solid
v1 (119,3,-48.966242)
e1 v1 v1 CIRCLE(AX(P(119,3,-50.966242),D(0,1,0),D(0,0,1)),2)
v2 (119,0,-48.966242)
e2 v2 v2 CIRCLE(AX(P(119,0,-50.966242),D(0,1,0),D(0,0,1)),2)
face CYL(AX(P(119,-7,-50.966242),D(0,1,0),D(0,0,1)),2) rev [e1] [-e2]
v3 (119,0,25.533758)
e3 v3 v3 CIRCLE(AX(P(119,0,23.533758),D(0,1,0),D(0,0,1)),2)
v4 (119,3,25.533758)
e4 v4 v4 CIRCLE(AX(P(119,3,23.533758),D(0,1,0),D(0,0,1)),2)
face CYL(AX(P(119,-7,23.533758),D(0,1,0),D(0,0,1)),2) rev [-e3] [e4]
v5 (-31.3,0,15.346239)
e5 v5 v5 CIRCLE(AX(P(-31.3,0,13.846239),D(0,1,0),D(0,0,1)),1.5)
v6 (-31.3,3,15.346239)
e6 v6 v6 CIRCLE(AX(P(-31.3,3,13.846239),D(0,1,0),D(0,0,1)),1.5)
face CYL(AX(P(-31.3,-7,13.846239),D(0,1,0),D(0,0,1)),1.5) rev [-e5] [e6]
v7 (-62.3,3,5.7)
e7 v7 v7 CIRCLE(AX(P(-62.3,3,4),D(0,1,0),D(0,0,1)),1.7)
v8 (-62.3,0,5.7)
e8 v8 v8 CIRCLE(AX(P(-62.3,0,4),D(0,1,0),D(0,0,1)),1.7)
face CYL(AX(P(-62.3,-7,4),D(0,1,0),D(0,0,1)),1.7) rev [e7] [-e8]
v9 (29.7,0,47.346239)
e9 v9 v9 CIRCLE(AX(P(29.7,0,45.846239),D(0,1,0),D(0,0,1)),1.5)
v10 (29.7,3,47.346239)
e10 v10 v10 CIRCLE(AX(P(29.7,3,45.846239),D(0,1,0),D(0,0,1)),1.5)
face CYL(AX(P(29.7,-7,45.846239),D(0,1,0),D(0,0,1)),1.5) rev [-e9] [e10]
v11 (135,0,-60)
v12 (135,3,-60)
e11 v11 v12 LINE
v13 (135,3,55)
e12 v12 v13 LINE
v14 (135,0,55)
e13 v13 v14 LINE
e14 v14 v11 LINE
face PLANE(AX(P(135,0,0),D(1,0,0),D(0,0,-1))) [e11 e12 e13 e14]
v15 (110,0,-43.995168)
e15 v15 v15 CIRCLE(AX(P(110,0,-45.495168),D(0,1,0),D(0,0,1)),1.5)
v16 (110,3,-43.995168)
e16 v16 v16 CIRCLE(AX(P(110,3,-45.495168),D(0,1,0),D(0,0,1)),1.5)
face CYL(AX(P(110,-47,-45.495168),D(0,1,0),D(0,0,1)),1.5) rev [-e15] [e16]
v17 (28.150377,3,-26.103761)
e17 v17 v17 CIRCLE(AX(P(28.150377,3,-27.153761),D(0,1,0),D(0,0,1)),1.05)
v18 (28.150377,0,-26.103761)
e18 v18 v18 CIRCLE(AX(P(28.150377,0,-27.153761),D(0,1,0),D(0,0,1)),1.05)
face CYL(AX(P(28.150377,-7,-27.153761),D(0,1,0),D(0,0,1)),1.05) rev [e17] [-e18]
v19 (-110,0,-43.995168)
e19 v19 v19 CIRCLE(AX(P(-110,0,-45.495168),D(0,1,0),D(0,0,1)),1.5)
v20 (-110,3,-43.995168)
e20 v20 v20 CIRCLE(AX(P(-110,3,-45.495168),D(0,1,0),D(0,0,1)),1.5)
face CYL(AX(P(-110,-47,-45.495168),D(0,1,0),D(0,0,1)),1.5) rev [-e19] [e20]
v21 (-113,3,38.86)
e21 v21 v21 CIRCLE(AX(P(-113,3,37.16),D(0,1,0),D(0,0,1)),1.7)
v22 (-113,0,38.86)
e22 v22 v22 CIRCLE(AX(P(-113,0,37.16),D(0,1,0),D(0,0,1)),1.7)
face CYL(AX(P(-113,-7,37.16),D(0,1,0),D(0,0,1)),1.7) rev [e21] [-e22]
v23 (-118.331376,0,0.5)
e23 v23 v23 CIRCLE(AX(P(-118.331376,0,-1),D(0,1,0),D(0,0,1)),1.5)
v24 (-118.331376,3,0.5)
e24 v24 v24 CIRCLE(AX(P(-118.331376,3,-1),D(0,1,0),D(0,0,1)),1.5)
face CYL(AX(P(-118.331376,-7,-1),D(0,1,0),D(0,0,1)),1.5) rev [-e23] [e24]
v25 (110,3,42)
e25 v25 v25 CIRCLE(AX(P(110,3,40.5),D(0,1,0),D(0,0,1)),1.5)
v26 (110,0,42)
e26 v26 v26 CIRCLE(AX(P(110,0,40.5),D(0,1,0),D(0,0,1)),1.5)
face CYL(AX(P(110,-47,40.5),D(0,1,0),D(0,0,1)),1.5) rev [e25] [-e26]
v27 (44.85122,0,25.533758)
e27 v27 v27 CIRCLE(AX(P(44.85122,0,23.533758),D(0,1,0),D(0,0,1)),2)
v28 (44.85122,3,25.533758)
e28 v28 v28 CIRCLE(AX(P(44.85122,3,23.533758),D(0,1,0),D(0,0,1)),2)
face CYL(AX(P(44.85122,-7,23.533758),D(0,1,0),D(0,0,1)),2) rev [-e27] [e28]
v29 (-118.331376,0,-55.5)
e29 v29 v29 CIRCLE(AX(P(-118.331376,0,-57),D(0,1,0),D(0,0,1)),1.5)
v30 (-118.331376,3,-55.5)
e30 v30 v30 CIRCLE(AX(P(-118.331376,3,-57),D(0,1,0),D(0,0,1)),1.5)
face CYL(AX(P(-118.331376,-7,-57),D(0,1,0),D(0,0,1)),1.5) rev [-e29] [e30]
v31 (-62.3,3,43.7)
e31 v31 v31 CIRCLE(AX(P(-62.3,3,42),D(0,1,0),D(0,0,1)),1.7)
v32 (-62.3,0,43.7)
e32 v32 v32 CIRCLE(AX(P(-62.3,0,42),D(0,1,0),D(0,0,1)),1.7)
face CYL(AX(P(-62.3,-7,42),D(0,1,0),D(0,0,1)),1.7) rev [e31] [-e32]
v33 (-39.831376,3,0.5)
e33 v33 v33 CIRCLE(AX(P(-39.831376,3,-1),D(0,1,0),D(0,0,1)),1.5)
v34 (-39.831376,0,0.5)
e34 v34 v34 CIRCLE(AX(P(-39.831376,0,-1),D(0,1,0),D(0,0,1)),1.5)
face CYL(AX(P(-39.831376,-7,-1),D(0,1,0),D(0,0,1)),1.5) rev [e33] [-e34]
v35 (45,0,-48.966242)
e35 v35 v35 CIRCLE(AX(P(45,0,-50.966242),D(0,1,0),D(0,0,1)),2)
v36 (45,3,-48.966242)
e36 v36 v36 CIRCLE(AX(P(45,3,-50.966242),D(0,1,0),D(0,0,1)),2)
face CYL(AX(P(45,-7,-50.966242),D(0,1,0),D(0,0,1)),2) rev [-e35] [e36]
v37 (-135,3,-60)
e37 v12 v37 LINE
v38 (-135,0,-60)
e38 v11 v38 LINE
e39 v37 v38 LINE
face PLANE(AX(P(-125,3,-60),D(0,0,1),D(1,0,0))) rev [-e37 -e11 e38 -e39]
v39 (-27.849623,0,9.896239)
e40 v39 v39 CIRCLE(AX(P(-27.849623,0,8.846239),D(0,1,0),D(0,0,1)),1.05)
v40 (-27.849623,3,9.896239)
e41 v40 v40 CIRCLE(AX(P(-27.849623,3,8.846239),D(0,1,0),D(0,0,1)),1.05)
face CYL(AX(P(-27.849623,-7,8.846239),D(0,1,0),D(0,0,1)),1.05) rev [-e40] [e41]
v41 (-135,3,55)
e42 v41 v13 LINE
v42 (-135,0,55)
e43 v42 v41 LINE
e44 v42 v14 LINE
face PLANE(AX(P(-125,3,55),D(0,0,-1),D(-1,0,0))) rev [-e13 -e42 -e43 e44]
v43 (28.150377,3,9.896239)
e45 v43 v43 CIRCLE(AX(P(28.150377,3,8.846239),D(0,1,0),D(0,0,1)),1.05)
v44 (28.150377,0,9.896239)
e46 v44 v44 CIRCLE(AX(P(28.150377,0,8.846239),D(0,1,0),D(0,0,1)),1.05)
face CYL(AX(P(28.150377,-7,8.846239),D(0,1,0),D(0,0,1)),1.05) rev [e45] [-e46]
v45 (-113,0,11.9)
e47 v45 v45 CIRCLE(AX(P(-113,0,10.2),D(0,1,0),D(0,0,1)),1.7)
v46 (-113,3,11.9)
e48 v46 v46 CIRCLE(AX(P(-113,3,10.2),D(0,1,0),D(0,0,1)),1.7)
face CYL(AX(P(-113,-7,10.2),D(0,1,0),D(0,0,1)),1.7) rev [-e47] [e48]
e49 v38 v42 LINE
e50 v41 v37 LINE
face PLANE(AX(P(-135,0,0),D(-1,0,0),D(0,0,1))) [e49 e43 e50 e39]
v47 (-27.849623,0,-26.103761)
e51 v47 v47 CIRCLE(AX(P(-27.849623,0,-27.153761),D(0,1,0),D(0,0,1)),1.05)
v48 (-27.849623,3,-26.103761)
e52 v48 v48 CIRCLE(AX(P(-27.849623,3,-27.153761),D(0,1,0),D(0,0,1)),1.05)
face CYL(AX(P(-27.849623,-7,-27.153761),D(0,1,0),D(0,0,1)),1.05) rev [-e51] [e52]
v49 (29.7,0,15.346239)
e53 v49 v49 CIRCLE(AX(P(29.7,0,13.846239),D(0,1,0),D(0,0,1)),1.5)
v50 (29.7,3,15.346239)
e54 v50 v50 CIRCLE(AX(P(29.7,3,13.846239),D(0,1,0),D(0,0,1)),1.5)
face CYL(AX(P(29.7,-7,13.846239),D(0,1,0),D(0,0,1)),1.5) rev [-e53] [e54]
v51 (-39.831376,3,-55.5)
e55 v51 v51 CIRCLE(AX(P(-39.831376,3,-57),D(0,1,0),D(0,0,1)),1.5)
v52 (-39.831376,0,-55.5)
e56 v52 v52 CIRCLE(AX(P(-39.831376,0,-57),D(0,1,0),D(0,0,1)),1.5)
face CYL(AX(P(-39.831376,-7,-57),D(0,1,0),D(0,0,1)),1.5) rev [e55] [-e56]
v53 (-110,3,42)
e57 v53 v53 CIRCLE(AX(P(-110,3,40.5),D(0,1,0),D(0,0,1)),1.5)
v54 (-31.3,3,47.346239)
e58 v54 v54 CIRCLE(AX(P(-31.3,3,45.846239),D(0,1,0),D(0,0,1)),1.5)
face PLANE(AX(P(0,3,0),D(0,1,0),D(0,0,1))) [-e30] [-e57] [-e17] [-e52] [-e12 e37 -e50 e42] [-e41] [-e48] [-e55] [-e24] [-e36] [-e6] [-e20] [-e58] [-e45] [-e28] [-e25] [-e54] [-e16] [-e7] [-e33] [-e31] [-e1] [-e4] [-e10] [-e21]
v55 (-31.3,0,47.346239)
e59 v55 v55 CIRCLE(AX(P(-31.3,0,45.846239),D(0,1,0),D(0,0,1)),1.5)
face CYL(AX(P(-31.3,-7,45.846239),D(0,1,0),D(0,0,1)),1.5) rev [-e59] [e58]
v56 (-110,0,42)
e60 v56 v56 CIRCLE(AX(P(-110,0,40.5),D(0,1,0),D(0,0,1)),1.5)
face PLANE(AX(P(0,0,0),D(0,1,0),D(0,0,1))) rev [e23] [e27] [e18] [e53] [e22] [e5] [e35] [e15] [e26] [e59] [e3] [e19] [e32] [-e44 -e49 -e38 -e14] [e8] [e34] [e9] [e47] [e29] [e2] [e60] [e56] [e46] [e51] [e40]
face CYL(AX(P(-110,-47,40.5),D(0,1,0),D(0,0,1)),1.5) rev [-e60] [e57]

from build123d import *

# Parameters (mm, degrees)
CROQUIS1_W              = 250
CROQUIS1_H              = 115
SALIENTE_EXTRUIR1_DEPTH = 3
CROQUIS3_R              = 1.5
CROQUIS3_R_2            = 2
CROQUIS3_R_3            = 1.05
CROQUIS3_R_4            = 1.7
CORTAR_EXTRUIR1_DEPTH   = 10
CROQUIS4_W              = 115
CROQUIS4_H              = 3
SALIENTE_EXTRUIR2_DEPTH = 10
CROQUIS5_W              = 115
CROQUIS5_H              = 3
SALIENTE_EXTRUIR3_DEPTH = 10
CROQUIS6_R              = 1.5
CORTAR_EXTRUIR2_DEPTH   = 50


with BuildPart() as part:
    # Croquis1 → Saliente-Extruir1 (new body)
    with BuildSketch(Plane(origin=(0, 0, 0), x_dir=(1, 0, 0), z_dir=(0, 1, 0))):
        with Locations((0, 2.5)):
            Rectangle(CROQUIS1_W, CROQUIS1_H)
    extrude(amount=SALIENTE_EXTRUIR1_DEPTH)

    # Croquis3 → Cortar-Extruir1 (cut)
    with BuildSketch(Plane(origin=(0, 3, 0), x_dir=(1, 0, 0), z_dir=(0, 1, 0))):
        with Locations((-39.831376222, 1)):
            Circle(CROQUIS3_R)
        with Locations((-118.331376222, 1)):
            Circle(CROQUIS3_R)
        with Locations((-118.331376222, 57)):
            Circle(CROQUIS3_R)
        with Locations((-39.831376222, 57)):
            Circle(CROQUIS3_R)
        with Locations((45, 50.966241886)):
            Circle(CROQUIS3_R_2)
        with Locations((119, 50.966241886)):
            Circle(CROQUIS3_R_2)
        with Locations((44.851219877, -23.533758114)):
            Circle(CROQUIS3_R_2)
        with Locations((119, -23.533758114)):
            Circle(CROQUIS3_R_2)
        with Locations((-31.3, -13.846238612)):
            Circle(CROQUIS3_R)
        with Locations((-31.3, -45.846238612)):
            Circle(CROQUIS3_R)
        with Locations((29.7, -45.846238612)):
            Circle(CROQUIS3_R)
        with Locations((29.7, -13.846238612)):
            Circle(CROQUIS3_R)
        with Locations((-27.849623113, 27.153761388)):
            Circle(CROQUIS3_R_3)
        with Locations((-27.849623113, -8.846238612)):
            Circle(CROQUIS3_R_3)
        with Locations((28.150376887, -8.846238612)):
            Circle(CROQUIS3_R_3)
        with Locations((28.150376887, 27.153761388)):
            Circle(CROQUIS3_R_3)
        with Locations((-113, -10.2)):
            Circle(CROQUIS3_R_4)
        with Locations((-113, -37.16)):
            Circle(CROQUIS3_R_4)
        with Locations((-62.3, -4)):
            Circle(CROQUIS3_R_4)
        with Locations((-62.3, -42)):
            Circle(CROQUIS3_R_4)
    extrude(amount=-CORTAR_EXTRUIR1_DEPTH, mode=Mode.SUBTRACT)

    # Croquis4 → Saliente-Extruir2 (add)
    with BuildSketch(Plane.ZY.offset(125)):
        with Locations((-2.5, 1.5)):
            Rectangle(CROQUIS4_W, CROQUIS4_H)
    extrude(amount=SALIENTE_EXTRUIR2_DEPTH)

    # Croquis5 → Saliente-Extruir3 (add)
    with BuildSketch(Plane(origin=(125, 0, 0), x_dir=(0, 0, -1), z_dir=(1, 0, 0))):
        with Locations((2.5, 1.5)):
            Rectangle(CROQUIS5_W, CROQUIS5_H)
    extrude(amount=SALIENTE_EXTRUIR3_DEPTH)

    # Croquis6 → Cortar-Extruir2 (cut)
    with BuildSketch(Plane(origin=(0, 3, 0), x_dir=(1, 0, 0), z_dir=(0, 1, 0))):
        with Locations((-110, 45.495168371)):
            Circle(CROQUIS6_R)
        with Locations((-110, -40.5)):
            Circle(CROQUIS6_R)
        with Locations((110, 45.495168371)):
            Circle(CROQUIS6_R)
        with Locations((110, -40.5)):
            Circle(CROQUIS6_R)
    extrude(amount=-CORTAR_EXTRUIR2_DEPTH, mode=Mode.SUBTRACT)


solid = part.part
